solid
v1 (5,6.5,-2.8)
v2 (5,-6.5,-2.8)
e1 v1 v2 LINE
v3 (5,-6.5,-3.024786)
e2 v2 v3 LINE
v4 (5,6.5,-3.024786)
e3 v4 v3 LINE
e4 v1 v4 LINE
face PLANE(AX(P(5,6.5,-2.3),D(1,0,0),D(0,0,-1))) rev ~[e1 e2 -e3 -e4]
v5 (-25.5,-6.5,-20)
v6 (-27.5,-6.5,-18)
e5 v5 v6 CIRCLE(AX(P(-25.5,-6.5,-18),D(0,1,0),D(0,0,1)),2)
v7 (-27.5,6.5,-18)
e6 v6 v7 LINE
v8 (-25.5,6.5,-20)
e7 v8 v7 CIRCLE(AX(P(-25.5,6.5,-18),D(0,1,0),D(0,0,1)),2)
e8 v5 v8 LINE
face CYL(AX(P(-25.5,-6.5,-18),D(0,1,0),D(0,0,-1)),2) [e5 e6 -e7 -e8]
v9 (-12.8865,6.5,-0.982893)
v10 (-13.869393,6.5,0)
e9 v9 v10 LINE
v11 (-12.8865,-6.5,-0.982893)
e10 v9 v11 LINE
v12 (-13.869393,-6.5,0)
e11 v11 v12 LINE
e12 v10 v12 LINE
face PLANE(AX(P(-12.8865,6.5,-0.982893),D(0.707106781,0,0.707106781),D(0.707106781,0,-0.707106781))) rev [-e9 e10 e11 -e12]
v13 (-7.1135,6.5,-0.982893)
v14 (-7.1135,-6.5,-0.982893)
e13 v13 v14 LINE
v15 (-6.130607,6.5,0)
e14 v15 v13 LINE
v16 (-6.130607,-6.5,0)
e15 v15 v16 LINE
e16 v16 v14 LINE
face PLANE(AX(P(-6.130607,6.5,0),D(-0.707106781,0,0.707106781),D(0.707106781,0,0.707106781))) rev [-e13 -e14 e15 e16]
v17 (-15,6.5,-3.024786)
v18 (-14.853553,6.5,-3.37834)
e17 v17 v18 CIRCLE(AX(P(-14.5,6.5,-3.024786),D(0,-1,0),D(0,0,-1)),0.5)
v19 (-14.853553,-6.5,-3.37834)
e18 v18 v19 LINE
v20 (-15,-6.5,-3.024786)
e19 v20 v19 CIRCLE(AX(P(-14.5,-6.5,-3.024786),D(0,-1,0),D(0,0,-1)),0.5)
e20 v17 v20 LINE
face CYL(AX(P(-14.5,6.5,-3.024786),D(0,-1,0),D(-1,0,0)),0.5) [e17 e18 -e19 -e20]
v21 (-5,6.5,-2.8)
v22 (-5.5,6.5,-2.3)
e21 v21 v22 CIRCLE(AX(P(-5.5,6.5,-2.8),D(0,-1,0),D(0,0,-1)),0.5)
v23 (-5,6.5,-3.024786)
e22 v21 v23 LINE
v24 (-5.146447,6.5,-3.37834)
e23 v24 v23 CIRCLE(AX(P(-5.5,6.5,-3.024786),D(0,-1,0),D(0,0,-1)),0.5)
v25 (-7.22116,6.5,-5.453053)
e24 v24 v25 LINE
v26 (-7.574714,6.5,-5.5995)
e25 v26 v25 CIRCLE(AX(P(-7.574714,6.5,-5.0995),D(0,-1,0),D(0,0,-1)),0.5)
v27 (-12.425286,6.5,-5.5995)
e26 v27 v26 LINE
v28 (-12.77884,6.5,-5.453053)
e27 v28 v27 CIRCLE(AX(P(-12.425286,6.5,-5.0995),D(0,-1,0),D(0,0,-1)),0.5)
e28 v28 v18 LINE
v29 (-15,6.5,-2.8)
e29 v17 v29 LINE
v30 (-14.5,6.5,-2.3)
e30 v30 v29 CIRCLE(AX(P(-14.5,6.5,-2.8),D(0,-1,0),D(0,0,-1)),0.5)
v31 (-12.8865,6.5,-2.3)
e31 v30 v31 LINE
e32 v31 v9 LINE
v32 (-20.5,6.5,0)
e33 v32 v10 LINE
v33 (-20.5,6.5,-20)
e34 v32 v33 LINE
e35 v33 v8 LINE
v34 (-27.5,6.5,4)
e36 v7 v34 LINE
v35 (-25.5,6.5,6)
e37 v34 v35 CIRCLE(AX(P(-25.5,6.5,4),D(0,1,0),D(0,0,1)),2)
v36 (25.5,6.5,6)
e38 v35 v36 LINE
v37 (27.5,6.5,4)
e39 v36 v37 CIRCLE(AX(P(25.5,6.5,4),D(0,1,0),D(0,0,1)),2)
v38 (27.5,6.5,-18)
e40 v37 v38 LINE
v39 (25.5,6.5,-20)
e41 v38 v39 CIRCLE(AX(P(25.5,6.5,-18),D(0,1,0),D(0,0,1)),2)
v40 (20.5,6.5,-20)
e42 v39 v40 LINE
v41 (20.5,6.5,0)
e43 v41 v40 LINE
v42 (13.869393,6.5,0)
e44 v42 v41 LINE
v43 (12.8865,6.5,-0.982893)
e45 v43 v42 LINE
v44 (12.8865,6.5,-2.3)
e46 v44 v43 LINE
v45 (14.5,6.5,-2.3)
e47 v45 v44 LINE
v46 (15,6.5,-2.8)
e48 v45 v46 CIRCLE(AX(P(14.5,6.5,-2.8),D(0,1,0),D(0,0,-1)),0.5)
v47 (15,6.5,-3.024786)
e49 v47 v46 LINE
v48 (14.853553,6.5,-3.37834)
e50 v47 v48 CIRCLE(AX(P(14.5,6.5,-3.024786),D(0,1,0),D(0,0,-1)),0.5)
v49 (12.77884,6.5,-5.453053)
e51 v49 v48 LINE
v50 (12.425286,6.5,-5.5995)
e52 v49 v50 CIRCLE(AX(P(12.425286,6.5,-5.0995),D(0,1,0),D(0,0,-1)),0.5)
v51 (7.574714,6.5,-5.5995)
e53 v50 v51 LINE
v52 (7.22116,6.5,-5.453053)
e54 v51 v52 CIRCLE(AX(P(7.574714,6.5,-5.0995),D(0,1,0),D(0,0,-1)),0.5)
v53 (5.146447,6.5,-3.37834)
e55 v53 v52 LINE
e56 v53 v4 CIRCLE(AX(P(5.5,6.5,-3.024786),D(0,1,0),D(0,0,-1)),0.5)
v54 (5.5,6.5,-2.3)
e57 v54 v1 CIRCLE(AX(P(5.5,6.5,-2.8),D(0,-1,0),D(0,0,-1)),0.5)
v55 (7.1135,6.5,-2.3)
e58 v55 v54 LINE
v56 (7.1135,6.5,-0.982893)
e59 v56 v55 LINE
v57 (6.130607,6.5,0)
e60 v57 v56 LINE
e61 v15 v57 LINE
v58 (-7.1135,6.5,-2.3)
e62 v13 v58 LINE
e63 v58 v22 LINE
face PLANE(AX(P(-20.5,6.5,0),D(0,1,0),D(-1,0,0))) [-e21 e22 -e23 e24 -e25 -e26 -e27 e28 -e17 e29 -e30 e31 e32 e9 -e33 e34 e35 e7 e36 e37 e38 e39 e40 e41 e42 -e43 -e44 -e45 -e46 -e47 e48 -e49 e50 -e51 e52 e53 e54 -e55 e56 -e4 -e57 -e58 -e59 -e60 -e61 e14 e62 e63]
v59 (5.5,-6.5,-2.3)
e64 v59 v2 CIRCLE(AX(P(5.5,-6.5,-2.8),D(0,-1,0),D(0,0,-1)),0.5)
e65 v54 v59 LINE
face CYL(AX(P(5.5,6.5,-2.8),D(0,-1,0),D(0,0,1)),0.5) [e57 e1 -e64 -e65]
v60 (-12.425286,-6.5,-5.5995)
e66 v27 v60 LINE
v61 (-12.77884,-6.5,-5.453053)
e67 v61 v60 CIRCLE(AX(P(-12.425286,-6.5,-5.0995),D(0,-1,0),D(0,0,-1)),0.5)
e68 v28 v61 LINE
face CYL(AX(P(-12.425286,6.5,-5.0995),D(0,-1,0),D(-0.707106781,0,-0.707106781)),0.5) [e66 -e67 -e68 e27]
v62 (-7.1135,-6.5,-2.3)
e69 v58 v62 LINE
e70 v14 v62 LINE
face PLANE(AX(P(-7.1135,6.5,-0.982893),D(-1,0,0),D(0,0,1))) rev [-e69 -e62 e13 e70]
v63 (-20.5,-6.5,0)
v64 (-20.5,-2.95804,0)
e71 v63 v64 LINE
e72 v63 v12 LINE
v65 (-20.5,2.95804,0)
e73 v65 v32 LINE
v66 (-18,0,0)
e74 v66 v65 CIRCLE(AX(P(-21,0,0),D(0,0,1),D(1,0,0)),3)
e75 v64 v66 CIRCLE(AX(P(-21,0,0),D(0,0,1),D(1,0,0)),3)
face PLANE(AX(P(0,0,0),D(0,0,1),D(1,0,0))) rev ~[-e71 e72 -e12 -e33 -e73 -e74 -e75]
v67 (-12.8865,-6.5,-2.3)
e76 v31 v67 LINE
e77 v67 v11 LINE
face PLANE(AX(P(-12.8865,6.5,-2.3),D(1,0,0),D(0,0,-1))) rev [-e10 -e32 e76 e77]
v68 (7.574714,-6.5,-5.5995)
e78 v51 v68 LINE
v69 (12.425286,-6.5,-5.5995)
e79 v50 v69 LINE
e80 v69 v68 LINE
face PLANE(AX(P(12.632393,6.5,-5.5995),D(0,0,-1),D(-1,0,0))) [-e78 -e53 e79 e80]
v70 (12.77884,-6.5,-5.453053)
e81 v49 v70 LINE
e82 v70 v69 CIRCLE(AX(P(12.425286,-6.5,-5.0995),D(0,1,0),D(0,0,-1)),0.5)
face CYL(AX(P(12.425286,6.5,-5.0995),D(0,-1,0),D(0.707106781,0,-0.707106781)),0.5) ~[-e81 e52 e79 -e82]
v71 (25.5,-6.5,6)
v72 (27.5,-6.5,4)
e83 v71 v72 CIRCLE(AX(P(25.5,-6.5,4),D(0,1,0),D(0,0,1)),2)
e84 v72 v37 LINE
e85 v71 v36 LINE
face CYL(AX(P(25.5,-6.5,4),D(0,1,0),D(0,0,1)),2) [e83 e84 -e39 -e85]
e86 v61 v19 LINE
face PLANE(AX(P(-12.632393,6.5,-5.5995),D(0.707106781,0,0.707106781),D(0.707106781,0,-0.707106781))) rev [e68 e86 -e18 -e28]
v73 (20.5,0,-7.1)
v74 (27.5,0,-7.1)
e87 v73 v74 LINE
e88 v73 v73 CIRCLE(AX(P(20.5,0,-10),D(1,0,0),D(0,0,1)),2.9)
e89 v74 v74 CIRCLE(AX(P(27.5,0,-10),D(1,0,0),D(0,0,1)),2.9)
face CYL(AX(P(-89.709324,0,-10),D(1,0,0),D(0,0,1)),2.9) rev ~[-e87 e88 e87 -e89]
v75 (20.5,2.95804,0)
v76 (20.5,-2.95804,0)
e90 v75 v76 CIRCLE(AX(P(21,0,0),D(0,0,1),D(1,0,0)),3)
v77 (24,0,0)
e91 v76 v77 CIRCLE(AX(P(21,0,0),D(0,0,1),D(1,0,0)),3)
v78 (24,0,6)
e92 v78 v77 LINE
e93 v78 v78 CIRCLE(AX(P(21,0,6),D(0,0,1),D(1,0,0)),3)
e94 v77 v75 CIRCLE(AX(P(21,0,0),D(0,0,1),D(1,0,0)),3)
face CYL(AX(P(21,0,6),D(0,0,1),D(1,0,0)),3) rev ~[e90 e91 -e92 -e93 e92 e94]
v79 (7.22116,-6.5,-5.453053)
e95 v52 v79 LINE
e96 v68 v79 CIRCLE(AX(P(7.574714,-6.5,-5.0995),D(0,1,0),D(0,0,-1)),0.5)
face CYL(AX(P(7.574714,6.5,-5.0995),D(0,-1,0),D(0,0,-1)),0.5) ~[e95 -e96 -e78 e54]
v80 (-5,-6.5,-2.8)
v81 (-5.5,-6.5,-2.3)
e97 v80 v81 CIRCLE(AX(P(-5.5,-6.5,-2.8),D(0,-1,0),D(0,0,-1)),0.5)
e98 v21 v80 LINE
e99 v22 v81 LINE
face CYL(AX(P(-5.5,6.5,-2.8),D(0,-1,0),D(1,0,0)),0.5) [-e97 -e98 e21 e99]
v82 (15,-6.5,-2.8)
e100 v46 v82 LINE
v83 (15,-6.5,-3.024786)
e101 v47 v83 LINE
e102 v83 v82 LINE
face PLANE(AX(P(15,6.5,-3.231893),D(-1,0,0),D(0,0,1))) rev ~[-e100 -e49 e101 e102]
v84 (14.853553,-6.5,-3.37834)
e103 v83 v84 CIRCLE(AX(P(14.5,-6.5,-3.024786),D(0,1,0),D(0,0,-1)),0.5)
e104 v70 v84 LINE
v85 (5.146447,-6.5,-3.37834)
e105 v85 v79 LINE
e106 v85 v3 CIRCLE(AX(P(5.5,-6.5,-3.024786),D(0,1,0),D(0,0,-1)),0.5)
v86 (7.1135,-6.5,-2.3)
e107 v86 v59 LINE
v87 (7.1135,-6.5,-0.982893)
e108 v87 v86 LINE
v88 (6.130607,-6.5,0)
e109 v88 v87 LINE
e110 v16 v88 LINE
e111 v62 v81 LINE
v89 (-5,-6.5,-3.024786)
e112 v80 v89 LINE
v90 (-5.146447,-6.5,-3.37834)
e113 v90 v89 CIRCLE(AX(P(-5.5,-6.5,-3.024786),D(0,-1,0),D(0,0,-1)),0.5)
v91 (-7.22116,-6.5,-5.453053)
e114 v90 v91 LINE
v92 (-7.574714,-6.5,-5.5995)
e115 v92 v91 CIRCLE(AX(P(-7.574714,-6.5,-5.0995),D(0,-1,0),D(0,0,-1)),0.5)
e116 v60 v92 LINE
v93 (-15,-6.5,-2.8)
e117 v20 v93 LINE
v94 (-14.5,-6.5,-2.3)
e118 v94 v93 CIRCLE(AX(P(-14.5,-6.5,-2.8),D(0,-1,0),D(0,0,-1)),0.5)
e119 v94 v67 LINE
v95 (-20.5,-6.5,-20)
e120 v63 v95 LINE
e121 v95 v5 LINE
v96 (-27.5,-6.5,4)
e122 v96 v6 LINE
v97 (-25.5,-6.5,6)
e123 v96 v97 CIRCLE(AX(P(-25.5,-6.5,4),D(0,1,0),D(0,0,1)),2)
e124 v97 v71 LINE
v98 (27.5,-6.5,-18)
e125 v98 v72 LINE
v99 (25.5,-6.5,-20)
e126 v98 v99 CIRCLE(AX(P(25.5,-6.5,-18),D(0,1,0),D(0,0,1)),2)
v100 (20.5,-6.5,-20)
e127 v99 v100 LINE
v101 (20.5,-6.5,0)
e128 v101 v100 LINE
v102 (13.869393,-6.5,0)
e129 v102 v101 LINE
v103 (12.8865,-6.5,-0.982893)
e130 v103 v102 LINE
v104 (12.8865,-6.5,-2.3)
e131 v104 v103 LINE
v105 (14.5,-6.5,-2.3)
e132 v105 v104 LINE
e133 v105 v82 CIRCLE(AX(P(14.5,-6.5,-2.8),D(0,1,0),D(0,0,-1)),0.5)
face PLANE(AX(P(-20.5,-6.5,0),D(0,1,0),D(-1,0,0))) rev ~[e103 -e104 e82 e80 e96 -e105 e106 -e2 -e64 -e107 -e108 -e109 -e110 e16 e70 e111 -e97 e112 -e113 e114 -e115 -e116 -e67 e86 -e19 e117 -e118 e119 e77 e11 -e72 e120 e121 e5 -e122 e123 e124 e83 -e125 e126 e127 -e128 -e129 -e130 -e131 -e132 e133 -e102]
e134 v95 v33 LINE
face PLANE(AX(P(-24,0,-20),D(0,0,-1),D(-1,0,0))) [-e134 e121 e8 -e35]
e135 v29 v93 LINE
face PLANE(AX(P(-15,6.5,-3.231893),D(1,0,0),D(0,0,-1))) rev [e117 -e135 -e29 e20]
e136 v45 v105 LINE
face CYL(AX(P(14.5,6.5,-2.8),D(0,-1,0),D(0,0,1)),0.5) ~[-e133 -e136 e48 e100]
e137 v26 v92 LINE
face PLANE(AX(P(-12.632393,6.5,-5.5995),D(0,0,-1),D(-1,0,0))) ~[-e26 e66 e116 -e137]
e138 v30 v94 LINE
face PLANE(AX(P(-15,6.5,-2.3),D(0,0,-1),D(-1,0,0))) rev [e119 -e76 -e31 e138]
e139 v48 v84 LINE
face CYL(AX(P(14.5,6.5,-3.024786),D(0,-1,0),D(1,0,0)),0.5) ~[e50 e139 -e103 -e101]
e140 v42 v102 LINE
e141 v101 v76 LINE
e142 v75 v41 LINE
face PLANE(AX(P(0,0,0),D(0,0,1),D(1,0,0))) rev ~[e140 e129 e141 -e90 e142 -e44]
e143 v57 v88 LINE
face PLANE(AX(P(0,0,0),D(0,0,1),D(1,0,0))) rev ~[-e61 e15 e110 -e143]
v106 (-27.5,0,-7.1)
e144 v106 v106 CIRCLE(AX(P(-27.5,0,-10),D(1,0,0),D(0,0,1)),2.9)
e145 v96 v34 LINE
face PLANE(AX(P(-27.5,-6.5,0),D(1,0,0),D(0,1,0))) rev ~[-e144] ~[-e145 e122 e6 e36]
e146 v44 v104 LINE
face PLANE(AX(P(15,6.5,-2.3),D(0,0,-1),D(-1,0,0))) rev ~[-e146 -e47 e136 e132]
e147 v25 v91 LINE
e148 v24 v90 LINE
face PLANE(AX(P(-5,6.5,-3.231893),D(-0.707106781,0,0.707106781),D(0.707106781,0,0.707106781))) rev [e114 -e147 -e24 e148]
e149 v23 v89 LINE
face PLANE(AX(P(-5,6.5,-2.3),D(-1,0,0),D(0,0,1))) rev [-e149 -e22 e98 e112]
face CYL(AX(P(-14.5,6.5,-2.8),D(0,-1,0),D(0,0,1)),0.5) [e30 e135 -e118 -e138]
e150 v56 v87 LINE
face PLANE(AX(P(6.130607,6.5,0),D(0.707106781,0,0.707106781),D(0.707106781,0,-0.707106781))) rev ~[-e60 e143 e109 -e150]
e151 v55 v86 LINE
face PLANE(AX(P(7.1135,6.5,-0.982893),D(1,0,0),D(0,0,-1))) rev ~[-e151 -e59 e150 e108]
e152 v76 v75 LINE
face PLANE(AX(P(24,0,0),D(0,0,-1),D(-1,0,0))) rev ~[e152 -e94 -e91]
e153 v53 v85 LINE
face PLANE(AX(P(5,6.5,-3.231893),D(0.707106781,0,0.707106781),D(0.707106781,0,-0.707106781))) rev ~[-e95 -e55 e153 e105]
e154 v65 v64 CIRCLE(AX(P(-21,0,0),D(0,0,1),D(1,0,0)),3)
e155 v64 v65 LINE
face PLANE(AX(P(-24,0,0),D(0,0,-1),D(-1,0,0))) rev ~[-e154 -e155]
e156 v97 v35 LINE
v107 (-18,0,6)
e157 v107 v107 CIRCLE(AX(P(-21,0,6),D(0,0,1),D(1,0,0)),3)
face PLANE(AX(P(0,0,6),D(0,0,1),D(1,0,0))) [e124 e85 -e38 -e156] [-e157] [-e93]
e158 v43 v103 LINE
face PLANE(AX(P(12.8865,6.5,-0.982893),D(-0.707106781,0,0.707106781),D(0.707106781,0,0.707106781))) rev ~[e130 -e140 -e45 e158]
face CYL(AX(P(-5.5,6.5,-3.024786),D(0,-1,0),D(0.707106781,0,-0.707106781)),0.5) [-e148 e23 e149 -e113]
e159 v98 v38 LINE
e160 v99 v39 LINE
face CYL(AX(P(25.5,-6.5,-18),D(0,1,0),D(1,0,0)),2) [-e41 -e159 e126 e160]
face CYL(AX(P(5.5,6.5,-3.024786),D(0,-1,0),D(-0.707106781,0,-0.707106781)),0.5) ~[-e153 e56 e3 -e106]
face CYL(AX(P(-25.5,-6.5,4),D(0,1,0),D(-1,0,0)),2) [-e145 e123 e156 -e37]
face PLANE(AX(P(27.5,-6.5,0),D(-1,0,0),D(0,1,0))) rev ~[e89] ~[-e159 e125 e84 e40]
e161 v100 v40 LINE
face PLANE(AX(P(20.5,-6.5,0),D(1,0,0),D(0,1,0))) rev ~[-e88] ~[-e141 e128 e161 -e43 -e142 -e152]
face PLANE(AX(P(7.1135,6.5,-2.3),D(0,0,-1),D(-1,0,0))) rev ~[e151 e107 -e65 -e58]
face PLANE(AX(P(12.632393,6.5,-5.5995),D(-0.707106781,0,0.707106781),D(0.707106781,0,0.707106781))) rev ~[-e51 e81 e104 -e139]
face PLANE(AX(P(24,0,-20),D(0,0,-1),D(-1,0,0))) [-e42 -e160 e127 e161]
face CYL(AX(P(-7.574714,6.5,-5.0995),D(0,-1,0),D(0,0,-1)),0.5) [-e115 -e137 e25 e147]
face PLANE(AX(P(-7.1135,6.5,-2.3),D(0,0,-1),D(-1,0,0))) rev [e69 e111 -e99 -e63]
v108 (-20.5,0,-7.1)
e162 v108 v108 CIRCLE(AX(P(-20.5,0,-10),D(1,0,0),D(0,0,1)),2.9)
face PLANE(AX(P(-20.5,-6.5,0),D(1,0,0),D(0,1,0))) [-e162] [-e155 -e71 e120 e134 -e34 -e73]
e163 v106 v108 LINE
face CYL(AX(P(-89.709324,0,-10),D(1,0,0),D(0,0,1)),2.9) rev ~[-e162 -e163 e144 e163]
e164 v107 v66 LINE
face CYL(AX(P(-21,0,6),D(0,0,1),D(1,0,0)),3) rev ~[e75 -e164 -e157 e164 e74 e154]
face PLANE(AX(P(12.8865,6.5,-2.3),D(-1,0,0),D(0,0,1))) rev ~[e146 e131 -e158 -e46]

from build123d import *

# Parameters (mm, degrees)
SKETCH1_W            = 55
SKETCH1_H            = 13
BOSS_EXTRUDE1_DEPTH  = 10
SKETCH2_W            = 55
SKETCH2_H            = 13
CUT_EXTRUDE1_DEPTH   = 4
CUT_EXTRUDE2_REACH   = 30.888
SKETCH4_R            = 3
BOSS_EXTRUDE3_DEPTH  = 13
SKETCH6_W            = 7
SKETCH6_H            = 13
BOSS_EXTRUDE4_DEPTH  = 20
M5_CLEARANCE_HOLE1_D = 5.8
FILLET1_R            = 2
FILLET2_R            = 0.5


with BuildPart() as part:
    # Sketch1 → Boss-Extrude1 (new body)
    with BuildSketch(Plane.XY):
        Rectangle(SKETCH1_W, SKETCH1_H)
    extrude(amount=BOSS_EXTRUDE1_DEPTH)

    # Sketch2 → Cut-Extrude1 (cut)
    with BuildSketch(Plane.XY.offset(10)):
        Rectangle(SKETCH2_W, SKETCH2_H)
    extrude(amount=-CUT_EXTRUDE1_DEPTH, mode=Mode.SUBTRACT)

    # Sketch4 → Cut-Extrude2 (cut, up to next)
    with BuildSketch(Plane.XY.offset(6), mode=Mode.PRIVATE) as cut_extrude2_sk1:
        with Locations((21, 0)):
            Circle(SKETCH4_R)
    cut_extrude2_tool1 = extrude(cut_extrude2_sk1.sketch, amount=-CUT_EXTRUDE2_REACH, mode=Mode.PRIVATE) & part.part
    # Sketch4 → Cut-Extrude2 (cut, up to next)
    with BuildSketch(Plane.XY.offset(6), mode=Mode.PRIVATE) as cut_extrude2_sk2:
        with Locations((-21, 0)):
            Circle(SKETCH4_R)
    cut_extrude2_tool2 = extrude(cut_extrude2_sk2.sketch, amount=-CUT_EXTRUDE2_REACH, mode=Mode.PRIVATE) & part.part
    add(cut_extrude2_tool1.solids().sort_by_distance((21, 0, 6))[0], mode=Mode.SUBTRACT)
    add(cut_extrude2_tool2.solids().sort_by_distance((-21, 0, 6))[0], mode=Mode.SUBTRACT)

    # Sketch5 → Boss-Extrude3 (add)
    with BuildSketch(Plane(origin=(0, 6.5, 0), x_dir=(1, 0, 0), z_dir=(0, 1, 0))):
        Polygon((9.9, 5.5995), (12.632393219, 5.5995), (15, 3.231893219), (15, 2.3), (12.8865, 2.3), (12.8865, 0.982893219), (13.869393219, 0), (6.130606781, 0), (7.1135, 0.982893219), (7.1135, 2.3), (5, 2.3), (5, 3.231893219), (7.367606781, 5.5995), align=None)
    boss_extrude3 = extrude(amount=-BOSS_EXTRUDE3_DEPTH)

    # Mirror1: Boss-Extrude3 across plane
    add(boss_extrude3.mirror(Plane(origin=(0, 0, 0), x_dir=(0, 0, 1), z_dir=(1, 0, 0))))

    # Sketch6 → Boss-Extrude4 (add)
    with BuildSketch(Plane(origin=(0, 0, 0), x_dir=(-1, 0, 0), z_dir=(0, 0, -1))):
        with Locations((24, 0)):
            Rectangle(SKETCH6_W, SKETCH6_H)
        with Locations((-24, 0)):
            Rectangle(SKETCH6_W, SKETCH6_H)
    extrude(amount=BOSS_EXTRUDE4_DEPTH)

    # M5 Clearance Hole1 (through all)
    with Locations(Plane(origin=(-27.5, 0, -10), x_dir=(0, 0, -1), z_dir=(-1, 0, 0))):
        with Locations((0, 0)):
            Hole(M5_CLEARANCE_HOLE1_D / 2)

    # Fillet1
    fillet1_edges = [part.edges().sort_by_distance(p)[0] for p in [
        (-27.5, 0, -20),
        (27.5, 0, -20),
        (-27.5, 0, 6),
        (27.5, 0, 6),
    ]]
    fillet(fillet1_edges, radius=FILLET1_R)

    # Fillet2
    fillet2_edges = [part.edges().sort_by_distance(p)[0] for p in [
        (12.632393219, 0, -5.5995),
        (15, 0, -3.231893219),
        (15, 0, -2.3),
        (5, 0, -2.3),
        (5, 0, -3.231893219),
        (7.367606781, 0, -5.5995),
        (-15, 0, -2.3),
        (-5, 0, -2.3),
        (-5, 0, -3.231893219),
        (-7.367606781, 0, -5.5995),
        (-12.632393219, 0, -5.5995),
        (-15, 0, -3.231893219),
    ]]
    fillet(fillet2_edges, radius=FILLET2_R)


solid = part.part
